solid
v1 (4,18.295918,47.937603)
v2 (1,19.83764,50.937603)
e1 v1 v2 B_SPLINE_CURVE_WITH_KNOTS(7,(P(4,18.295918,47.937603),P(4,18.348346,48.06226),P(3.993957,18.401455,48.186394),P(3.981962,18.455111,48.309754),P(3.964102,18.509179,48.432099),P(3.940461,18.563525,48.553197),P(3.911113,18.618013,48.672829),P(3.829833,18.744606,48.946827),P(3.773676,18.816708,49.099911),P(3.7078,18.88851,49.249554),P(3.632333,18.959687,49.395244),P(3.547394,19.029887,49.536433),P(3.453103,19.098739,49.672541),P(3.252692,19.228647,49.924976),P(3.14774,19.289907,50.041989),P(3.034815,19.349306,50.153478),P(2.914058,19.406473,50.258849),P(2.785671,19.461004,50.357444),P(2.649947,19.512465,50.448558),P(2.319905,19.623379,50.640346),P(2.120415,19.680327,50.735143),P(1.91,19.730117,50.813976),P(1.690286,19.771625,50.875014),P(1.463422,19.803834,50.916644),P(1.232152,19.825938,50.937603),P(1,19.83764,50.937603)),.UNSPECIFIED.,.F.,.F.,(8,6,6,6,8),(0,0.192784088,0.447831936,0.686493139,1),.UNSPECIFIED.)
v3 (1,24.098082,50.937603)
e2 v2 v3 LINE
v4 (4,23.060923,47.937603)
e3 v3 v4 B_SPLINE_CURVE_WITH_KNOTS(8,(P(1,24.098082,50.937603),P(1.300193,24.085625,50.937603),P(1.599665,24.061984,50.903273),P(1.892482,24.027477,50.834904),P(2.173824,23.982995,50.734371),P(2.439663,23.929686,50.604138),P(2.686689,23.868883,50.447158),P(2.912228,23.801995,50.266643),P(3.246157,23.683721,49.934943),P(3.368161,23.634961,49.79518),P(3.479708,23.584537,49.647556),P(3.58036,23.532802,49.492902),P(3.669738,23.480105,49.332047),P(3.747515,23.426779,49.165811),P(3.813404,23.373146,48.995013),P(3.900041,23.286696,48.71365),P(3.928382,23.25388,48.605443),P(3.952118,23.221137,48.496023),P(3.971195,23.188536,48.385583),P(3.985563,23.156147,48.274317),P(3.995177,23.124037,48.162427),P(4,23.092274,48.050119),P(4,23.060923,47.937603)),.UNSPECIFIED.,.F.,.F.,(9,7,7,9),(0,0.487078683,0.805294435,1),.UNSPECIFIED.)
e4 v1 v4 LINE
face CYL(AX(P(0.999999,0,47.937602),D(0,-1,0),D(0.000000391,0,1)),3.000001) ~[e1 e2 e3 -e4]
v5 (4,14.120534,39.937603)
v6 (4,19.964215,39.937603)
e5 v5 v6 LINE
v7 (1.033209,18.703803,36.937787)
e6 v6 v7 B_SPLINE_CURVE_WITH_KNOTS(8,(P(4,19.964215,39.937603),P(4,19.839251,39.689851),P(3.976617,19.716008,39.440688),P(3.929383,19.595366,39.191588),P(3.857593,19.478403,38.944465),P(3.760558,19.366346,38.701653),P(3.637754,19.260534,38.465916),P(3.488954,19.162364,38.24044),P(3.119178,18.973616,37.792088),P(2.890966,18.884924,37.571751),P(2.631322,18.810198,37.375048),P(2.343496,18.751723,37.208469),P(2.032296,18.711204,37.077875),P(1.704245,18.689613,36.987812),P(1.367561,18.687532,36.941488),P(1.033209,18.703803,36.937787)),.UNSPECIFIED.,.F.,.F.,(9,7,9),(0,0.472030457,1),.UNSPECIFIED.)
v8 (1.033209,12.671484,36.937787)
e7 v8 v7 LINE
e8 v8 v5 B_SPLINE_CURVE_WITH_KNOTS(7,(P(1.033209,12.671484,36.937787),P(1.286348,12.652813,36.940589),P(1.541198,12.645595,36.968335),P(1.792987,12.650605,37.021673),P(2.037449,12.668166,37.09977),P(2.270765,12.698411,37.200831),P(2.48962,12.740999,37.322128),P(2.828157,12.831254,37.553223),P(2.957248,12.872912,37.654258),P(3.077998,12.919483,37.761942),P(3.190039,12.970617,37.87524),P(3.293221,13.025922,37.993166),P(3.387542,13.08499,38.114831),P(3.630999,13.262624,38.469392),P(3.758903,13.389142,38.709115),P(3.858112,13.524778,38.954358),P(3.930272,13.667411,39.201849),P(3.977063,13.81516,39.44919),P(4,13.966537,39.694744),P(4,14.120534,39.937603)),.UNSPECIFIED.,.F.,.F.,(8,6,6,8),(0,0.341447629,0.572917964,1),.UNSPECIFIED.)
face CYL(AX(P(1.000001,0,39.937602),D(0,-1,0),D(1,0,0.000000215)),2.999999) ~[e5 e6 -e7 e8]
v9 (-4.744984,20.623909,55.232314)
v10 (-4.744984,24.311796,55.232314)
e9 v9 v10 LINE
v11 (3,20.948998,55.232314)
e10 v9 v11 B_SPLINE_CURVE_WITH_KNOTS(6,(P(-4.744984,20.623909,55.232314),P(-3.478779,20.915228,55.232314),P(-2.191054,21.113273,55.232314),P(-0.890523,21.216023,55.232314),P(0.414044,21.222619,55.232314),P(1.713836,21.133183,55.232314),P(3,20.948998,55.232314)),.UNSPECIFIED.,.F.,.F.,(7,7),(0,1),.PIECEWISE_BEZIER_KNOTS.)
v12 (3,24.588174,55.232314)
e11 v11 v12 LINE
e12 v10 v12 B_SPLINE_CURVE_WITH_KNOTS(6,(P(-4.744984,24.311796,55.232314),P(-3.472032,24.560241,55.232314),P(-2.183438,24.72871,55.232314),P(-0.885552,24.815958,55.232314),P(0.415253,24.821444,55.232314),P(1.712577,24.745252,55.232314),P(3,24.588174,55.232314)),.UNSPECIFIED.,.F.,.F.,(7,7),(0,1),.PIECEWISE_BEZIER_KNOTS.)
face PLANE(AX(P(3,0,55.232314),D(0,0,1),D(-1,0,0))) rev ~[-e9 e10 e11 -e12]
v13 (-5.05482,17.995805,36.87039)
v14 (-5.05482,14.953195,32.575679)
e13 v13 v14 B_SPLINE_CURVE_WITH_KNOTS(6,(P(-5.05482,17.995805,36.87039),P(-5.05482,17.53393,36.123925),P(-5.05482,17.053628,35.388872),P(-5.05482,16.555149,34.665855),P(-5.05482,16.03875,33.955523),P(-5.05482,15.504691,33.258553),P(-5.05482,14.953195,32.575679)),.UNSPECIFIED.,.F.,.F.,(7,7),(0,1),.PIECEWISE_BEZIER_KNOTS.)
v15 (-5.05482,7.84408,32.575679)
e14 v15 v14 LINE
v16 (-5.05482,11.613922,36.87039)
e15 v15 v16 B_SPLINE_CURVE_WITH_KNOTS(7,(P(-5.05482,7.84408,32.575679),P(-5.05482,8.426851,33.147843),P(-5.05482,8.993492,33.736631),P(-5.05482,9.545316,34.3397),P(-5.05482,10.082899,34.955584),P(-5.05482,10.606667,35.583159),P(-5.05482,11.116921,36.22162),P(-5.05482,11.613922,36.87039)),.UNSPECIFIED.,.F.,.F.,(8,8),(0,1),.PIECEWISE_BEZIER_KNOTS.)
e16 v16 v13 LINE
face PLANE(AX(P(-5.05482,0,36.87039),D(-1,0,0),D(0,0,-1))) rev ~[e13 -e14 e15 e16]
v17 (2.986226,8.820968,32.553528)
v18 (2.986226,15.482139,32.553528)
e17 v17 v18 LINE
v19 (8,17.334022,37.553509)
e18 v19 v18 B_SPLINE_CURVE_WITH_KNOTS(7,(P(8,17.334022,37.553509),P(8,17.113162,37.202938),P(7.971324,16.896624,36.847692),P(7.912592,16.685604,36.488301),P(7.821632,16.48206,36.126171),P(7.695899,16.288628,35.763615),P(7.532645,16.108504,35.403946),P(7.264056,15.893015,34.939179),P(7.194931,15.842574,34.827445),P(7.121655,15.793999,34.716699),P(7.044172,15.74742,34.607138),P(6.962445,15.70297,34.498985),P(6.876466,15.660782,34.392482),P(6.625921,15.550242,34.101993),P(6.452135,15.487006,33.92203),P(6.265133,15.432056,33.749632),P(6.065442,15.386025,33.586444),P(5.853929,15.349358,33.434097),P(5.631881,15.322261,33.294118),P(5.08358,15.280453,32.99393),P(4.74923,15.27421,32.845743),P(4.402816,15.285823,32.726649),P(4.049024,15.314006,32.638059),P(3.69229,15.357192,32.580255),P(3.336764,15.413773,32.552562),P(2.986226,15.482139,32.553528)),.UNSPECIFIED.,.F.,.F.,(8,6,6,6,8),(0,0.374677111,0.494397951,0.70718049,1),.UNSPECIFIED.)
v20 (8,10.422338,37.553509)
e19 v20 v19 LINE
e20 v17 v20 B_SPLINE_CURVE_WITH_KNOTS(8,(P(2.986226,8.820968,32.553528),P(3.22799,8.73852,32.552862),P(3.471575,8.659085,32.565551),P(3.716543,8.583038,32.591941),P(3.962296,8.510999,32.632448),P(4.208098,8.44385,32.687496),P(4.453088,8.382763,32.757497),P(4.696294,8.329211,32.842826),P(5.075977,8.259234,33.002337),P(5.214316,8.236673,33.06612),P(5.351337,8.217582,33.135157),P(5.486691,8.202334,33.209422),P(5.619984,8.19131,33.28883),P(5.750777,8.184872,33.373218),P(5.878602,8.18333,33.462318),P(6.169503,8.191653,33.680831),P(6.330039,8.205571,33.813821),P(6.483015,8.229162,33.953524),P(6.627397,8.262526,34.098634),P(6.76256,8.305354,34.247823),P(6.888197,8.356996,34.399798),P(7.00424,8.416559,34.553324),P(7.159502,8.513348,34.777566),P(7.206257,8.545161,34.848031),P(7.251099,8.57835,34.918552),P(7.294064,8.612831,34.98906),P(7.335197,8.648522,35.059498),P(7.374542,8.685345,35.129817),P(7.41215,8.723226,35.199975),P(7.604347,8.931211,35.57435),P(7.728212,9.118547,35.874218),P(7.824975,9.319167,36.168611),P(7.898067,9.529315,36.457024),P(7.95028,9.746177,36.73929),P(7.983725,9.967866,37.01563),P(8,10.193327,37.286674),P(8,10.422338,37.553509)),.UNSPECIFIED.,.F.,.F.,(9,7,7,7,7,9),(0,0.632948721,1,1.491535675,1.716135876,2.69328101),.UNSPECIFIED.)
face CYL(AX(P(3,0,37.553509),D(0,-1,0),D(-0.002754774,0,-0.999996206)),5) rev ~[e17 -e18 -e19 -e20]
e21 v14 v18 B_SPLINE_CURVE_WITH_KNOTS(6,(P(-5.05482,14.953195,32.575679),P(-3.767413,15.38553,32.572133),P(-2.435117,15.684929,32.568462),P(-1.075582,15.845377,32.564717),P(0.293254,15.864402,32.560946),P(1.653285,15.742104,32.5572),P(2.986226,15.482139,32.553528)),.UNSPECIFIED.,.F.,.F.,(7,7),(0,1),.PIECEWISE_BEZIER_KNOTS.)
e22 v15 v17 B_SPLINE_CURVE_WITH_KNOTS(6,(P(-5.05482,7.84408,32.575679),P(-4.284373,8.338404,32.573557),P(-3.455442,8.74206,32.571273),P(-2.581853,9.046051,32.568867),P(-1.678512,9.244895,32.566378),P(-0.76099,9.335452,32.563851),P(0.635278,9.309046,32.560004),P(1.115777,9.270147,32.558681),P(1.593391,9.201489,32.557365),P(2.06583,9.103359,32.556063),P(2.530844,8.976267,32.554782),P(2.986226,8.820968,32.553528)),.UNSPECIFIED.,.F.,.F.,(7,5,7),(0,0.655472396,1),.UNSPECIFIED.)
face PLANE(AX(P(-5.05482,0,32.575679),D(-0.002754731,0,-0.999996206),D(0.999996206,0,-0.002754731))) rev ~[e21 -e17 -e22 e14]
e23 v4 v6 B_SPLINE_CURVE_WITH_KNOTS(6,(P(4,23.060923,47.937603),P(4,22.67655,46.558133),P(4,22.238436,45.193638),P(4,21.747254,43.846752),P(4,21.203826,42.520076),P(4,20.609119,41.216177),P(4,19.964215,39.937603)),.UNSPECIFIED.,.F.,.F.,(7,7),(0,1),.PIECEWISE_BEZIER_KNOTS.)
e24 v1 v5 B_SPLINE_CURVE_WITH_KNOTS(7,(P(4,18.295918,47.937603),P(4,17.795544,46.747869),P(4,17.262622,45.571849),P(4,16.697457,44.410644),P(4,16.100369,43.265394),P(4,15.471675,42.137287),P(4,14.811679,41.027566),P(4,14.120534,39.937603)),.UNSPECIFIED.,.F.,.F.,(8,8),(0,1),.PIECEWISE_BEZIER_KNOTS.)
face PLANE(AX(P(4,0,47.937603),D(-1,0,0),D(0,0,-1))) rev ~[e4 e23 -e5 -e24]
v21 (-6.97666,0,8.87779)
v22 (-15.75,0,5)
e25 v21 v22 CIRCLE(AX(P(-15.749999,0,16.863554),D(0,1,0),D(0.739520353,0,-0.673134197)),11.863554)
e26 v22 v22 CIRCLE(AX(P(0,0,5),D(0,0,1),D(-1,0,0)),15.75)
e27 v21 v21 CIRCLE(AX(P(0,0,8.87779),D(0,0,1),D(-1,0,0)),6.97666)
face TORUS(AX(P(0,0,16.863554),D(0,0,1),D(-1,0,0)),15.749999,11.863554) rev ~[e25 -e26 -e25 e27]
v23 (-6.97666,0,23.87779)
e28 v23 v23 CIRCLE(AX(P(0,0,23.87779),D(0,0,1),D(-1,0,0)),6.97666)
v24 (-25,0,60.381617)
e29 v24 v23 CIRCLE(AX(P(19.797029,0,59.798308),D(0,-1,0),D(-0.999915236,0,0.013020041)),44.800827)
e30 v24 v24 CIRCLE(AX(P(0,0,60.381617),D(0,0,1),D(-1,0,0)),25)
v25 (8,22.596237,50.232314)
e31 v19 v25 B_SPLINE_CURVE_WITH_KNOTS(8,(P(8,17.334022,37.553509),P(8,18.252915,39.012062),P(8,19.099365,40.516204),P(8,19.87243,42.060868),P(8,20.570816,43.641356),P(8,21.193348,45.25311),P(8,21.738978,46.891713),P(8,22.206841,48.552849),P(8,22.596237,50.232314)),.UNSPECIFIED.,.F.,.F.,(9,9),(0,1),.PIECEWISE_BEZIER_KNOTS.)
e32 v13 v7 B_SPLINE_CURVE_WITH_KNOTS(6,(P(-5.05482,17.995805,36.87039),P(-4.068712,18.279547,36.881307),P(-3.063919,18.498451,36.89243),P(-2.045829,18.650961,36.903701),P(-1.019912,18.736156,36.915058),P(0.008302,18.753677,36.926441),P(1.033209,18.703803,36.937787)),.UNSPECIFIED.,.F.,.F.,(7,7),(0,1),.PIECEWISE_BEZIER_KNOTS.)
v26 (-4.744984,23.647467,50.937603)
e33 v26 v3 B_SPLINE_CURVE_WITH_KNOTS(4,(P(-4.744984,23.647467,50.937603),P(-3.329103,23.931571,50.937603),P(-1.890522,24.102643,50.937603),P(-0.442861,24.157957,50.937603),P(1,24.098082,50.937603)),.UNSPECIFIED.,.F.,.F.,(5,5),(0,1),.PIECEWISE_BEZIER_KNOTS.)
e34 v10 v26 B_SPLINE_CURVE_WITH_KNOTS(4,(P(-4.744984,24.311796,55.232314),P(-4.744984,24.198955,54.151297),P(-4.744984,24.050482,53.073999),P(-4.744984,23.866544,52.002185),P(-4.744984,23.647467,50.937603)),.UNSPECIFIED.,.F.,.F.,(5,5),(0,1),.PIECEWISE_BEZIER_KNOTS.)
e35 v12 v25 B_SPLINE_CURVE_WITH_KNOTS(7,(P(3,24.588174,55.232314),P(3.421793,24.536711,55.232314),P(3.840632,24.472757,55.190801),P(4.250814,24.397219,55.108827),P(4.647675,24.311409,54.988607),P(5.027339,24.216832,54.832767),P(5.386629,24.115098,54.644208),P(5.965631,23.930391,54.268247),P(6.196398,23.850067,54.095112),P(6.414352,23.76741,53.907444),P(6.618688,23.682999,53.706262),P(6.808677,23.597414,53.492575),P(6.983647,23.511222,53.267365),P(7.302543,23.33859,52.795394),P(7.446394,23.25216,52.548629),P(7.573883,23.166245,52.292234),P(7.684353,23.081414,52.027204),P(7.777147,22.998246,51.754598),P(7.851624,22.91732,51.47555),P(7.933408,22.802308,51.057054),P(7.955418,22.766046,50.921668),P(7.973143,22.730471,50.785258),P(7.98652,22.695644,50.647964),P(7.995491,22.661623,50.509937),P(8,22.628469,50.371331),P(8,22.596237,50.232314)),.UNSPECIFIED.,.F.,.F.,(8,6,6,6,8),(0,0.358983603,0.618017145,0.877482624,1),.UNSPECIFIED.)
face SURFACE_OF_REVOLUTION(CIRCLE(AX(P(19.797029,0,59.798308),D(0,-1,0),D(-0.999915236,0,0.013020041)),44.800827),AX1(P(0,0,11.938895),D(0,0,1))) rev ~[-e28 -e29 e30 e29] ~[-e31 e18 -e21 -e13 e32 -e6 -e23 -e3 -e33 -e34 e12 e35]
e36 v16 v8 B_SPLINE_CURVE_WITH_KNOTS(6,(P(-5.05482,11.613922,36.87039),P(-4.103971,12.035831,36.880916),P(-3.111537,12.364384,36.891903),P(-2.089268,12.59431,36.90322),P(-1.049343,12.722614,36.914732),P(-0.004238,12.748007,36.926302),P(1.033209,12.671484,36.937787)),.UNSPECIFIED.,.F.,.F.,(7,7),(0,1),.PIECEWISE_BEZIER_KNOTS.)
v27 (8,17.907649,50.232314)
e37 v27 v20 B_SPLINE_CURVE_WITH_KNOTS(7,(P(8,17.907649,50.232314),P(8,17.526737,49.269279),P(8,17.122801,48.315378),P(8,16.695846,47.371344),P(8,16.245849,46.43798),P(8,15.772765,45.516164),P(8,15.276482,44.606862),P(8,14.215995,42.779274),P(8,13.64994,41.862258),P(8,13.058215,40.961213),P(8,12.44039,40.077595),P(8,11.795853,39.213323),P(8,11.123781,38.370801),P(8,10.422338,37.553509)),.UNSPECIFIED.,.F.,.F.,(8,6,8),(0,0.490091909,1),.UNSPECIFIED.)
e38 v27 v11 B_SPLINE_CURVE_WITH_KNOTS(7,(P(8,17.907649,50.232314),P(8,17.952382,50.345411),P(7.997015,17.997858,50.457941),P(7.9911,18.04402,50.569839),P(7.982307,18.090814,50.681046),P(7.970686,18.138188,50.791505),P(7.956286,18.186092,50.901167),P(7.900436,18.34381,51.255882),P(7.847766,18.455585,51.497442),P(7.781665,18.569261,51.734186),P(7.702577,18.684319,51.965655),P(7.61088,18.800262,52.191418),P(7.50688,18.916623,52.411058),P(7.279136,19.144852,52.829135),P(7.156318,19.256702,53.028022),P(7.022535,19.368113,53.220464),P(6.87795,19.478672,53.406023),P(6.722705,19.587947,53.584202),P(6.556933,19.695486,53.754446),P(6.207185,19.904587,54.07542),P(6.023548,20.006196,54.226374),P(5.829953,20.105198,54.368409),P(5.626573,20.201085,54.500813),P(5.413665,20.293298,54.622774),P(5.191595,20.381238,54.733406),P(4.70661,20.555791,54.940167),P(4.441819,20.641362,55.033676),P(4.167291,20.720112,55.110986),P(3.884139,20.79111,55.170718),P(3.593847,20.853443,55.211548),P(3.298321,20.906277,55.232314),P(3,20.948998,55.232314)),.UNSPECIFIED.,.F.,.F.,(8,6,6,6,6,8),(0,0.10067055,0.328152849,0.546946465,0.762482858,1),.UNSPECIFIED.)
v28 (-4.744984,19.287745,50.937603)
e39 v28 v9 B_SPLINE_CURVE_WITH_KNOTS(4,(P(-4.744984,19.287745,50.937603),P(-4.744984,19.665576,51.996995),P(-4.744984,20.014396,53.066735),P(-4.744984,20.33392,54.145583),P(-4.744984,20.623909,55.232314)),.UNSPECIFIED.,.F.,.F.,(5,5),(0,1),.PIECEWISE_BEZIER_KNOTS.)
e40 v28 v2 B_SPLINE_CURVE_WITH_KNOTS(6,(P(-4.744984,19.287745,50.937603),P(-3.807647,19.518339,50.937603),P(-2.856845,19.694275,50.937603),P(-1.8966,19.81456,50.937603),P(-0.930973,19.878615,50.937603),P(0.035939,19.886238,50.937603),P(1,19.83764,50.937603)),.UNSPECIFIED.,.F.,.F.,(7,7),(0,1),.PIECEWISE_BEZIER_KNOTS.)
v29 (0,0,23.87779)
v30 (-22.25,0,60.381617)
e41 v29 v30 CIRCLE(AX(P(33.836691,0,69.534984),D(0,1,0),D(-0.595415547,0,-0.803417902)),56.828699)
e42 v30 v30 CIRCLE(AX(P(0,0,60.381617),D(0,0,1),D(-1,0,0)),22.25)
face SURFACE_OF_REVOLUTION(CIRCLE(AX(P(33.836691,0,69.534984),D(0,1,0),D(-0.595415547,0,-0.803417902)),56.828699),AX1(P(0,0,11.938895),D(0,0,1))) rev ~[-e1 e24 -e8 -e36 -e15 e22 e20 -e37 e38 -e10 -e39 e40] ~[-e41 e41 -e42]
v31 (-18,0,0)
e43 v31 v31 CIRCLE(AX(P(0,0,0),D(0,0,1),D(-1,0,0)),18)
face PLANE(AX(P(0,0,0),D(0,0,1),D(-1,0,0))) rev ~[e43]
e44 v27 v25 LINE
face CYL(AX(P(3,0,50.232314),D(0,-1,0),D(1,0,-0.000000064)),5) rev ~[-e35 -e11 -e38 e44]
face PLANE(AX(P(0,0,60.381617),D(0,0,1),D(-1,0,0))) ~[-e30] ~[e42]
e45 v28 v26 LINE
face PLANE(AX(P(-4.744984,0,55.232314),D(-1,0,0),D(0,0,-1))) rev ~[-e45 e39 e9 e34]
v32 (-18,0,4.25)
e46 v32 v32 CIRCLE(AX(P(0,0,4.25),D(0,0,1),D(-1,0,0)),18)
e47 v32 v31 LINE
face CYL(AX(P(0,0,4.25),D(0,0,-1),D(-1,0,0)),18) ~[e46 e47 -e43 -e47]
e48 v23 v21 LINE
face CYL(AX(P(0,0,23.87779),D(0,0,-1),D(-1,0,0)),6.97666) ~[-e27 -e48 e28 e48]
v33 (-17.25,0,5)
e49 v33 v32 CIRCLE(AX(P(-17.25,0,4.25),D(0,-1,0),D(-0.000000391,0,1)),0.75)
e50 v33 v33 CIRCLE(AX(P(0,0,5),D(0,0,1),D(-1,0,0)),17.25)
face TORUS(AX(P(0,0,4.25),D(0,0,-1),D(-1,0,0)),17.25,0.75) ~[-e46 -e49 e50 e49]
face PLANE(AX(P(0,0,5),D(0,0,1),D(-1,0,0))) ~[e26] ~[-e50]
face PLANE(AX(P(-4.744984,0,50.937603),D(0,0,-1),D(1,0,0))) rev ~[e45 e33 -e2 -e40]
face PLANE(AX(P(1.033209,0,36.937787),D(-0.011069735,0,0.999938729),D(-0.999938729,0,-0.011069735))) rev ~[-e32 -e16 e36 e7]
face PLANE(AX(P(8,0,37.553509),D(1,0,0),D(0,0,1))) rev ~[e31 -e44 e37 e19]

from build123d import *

# Parameters (mm, degrees)
F3_DEPTH = 25.004798


with BuildPart() as f1:
    # F0 (on Front) → F1 (revolve)
    with BuildSketch(Plane.XZ):
        with BuildLine():
            Line((-18, 0), (0, 0))
            Line((0, 0), (0, 23.87779))
            ThreePointArc((0, 23.87779), (-14.688416, 39.957712), (-22.25, 60.381617))
            Line((-22.25, 60.381617), (-25, 60.381617))
            ThreePointArc((-25, 60.381617), (-20.374158, 39.964252), (-6.97666, 23.87779))
            Line((-6.97666, 23.87779), (-6.97666, 8.87779))
            ThreePointArc((-6.97666, 8.87779), (-10.95394, 6.012668), (-15.75, 5))
            Line((-15.75, 5), (-17.25, 5))
            ThreePointArc((-17.25, 5), (-17.78033, 4.78033), (-18, 4.25))
            Line((-18, 4.25), (-18, 0))
        make_face()
    revolve(axis=Axis((0, 0, 11.938895), (0, 0, 1)))

    # F2 (on Front) → F3 (cut, through all)
    with BuildSketch(Plane.XZ):
        with BuildLine():
            Line((3, 55.232314), (-4.744984, 55.232314))
            Line((-4.744984, 55.232314), (-4.744984, 50.937603))
            Line((-4.744984, 50.937603), (1, 50.937603))
            ThreePointArc((1, 50.937603), (3.12132, 50.058923), (4, 47.937603))
            Line((4, 47.937603), (4, 39.937603))
            ThreePointArc((4, 39.937603), (3.133029, 37.828056), (1.033209, 36.937787))
            Line((1.033209, 36.937787), (-5.05482, 36.87039))
            Line((-5.05482, 36.87039), (-5.05482, 32.575679))
            Line((-5.05482, 32.575679), (2.986226, 32.553528))
            ThreePointArc((2.986226, 32.553528), (6.530661, 34.013109), (8, 37.553509))
            Line((8, 37.553509), (8, 50.232314))
            ThreePointArc((8, 50.232314), (6.535534, 53.767848), (3, 55.232314))
        make_face()
    extrude(amount=-F3_DEPTH, mode=Mode.SUBTRACT)


solid = f1.part
